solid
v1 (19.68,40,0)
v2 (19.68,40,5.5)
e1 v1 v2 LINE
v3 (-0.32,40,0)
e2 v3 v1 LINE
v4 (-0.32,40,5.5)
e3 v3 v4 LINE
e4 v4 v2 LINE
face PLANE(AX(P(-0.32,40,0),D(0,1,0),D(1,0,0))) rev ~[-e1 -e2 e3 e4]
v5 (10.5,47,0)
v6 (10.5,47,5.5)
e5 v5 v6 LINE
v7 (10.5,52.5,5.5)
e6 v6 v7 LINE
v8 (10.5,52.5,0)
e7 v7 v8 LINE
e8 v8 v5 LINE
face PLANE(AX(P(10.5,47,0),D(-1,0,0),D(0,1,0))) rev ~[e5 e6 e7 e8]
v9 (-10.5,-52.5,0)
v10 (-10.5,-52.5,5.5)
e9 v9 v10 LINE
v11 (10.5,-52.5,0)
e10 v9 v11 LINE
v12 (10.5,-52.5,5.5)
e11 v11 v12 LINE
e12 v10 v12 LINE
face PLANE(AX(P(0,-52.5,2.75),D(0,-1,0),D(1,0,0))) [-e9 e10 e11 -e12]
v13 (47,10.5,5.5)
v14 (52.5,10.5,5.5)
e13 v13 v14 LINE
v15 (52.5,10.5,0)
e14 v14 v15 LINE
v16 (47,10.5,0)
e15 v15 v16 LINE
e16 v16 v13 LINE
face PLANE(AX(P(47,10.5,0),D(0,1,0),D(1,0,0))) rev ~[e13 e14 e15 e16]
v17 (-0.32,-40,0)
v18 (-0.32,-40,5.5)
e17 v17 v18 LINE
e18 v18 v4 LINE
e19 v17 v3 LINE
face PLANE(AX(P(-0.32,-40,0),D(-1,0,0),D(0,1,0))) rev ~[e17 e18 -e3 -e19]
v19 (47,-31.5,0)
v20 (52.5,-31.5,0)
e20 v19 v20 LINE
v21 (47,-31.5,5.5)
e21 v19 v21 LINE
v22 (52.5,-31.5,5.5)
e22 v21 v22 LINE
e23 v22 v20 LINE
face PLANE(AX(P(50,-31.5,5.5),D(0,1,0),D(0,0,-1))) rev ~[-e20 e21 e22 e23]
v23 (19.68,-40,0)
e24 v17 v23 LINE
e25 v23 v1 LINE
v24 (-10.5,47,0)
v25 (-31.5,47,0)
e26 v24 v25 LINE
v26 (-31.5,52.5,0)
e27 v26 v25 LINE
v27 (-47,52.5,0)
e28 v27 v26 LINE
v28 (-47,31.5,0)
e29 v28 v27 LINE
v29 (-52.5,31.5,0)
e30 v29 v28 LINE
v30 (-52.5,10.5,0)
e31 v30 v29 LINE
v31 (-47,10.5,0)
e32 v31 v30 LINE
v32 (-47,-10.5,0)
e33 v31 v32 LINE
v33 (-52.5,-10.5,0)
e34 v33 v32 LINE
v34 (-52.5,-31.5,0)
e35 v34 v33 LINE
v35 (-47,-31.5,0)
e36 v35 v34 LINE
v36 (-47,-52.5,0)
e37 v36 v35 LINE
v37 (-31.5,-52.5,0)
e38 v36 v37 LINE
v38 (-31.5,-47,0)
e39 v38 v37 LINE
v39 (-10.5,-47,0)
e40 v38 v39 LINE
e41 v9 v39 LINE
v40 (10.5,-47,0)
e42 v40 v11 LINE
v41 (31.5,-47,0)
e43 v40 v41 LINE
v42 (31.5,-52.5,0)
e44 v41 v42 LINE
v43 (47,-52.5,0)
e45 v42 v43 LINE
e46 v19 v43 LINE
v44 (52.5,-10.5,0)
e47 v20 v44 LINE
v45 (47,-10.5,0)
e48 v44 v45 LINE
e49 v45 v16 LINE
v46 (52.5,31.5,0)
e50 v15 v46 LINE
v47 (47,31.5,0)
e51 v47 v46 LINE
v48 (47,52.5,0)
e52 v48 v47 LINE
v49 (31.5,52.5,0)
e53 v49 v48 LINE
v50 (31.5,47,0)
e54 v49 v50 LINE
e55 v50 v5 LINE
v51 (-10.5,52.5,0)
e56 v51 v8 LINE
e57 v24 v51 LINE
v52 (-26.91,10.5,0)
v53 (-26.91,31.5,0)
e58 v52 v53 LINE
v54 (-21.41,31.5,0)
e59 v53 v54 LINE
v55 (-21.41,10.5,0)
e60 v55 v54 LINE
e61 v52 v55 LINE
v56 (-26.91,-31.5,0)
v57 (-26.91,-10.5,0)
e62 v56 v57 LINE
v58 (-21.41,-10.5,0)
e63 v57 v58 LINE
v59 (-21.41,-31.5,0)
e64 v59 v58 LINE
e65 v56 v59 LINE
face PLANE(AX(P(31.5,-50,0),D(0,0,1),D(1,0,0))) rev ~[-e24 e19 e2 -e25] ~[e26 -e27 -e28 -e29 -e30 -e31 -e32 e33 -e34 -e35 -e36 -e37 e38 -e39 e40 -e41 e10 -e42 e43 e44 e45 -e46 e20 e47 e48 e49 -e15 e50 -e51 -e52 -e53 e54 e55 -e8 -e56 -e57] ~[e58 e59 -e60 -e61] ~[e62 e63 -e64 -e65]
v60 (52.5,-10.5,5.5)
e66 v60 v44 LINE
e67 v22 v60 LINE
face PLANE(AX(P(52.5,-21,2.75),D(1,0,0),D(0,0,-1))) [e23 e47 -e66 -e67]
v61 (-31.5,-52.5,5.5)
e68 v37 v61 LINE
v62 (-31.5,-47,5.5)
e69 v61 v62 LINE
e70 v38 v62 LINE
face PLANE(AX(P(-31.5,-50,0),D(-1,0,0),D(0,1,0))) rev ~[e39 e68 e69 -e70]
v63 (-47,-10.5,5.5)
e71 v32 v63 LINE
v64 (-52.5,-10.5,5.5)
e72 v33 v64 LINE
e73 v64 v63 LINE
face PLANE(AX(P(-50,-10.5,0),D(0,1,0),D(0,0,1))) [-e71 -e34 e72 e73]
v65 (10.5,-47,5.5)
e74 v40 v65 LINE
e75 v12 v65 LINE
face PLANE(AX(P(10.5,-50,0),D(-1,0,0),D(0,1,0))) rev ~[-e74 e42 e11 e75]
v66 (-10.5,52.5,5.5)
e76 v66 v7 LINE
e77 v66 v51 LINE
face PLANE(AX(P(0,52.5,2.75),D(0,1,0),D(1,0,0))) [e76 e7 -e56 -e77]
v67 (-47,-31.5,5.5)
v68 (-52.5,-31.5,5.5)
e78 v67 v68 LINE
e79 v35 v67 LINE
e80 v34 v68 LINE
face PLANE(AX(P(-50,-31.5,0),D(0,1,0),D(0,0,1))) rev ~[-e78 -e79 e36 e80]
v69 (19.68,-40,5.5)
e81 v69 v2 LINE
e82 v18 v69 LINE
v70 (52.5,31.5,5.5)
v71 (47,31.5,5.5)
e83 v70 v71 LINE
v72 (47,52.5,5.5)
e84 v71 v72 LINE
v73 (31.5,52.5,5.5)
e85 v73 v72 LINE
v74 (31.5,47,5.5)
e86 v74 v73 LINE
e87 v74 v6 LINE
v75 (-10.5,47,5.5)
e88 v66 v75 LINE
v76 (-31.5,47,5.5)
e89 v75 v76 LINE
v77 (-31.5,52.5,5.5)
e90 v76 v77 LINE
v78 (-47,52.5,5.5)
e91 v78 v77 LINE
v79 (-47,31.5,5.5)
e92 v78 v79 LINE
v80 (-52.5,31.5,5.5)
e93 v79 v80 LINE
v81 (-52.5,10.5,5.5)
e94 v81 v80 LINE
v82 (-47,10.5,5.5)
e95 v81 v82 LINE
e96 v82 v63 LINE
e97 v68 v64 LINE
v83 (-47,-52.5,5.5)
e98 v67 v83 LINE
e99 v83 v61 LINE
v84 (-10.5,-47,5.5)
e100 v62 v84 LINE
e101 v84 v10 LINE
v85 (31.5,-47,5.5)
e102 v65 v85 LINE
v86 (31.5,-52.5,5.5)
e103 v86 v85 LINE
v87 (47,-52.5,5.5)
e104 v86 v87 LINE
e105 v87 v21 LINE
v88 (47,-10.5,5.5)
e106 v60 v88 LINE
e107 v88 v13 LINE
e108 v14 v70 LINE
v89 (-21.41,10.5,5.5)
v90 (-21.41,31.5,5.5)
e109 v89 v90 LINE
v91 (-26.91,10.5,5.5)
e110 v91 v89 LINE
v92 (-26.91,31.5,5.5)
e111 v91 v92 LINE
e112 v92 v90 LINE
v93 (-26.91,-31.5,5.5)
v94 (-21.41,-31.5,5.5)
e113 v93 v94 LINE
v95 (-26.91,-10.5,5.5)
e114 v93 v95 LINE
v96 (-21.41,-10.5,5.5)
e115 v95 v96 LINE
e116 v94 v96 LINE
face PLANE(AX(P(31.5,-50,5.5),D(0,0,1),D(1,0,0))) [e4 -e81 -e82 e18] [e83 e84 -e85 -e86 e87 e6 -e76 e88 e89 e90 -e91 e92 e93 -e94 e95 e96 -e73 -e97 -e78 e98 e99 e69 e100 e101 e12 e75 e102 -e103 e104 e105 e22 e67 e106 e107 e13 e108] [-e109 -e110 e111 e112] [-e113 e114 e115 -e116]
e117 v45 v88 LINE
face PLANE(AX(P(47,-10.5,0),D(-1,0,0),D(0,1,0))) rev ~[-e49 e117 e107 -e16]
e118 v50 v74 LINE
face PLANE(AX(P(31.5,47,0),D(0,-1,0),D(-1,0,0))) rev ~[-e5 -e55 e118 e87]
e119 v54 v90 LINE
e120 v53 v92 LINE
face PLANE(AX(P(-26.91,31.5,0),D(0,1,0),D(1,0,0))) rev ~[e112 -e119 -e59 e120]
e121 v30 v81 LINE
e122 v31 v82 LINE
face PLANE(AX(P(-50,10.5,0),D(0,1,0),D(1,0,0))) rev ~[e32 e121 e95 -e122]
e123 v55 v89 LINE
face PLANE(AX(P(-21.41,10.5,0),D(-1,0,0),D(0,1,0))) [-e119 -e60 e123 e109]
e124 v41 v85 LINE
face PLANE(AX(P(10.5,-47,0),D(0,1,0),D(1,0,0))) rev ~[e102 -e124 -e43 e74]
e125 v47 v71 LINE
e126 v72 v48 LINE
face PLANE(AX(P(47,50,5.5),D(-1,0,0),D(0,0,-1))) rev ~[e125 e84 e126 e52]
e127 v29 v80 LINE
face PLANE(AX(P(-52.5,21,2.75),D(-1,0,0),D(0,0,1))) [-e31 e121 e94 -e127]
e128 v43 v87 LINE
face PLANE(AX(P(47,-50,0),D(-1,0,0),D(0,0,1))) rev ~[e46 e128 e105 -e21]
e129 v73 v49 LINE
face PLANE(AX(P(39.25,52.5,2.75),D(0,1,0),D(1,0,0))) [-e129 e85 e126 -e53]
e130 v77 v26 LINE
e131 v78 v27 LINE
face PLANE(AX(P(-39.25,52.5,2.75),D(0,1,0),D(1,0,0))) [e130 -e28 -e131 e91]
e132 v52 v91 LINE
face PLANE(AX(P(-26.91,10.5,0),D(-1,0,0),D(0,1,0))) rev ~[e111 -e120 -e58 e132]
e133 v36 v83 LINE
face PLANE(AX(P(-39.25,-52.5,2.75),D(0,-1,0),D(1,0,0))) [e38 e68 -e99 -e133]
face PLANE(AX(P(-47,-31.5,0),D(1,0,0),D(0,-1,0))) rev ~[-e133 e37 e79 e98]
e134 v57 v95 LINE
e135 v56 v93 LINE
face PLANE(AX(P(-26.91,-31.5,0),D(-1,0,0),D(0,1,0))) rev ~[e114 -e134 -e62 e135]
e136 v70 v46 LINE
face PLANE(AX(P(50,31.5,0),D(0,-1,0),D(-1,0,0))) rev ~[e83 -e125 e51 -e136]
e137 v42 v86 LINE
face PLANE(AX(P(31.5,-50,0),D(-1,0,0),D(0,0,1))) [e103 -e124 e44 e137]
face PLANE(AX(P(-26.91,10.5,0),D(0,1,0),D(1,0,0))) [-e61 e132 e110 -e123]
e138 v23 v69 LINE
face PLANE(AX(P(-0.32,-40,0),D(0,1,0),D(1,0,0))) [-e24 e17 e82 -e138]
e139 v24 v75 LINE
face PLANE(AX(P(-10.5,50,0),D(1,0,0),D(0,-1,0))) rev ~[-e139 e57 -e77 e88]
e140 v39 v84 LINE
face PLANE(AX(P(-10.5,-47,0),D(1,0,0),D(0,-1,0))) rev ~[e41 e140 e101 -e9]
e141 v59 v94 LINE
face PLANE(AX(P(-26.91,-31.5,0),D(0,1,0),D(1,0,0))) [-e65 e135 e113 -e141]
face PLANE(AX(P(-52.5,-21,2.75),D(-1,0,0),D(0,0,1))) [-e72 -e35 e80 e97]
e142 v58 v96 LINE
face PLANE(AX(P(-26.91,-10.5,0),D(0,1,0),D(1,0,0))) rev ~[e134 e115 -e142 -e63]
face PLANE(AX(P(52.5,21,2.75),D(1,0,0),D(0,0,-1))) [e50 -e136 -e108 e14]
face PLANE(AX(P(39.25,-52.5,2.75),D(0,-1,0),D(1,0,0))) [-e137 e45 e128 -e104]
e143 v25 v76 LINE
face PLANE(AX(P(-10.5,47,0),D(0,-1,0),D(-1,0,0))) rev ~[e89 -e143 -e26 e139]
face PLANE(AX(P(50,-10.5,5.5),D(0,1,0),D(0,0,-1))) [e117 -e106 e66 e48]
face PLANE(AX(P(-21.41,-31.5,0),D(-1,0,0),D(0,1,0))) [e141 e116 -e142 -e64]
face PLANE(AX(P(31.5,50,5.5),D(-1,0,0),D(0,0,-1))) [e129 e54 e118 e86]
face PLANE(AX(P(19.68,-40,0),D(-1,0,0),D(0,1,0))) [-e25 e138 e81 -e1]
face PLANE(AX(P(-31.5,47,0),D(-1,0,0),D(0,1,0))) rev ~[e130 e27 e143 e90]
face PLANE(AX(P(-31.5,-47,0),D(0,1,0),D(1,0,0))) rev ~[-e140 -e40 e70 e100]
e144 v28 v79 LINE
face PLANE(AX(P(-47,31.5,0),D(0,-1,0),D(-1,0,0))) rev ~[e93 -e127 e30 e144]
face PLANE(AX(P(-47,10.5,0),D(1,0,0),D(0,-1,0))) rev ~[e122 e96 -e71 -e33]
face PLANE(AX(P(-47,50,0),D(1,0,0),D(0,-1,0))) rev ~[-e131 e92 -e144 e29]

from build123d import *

# Parameters (mm, degrees)
CROQUIS2_W              = 20
CROQUIS2_H              = 80
CROQUIS2_W_2            = 5.5
CROQUIS2_H_2            = 21
SALIENTE_EXTRUIR1_DEPTH = 5.5
CROQUIS3_W              = 5.5
CROQUIS3_H              = 21
SALIENTE_EXTRUIR2_DEPTH = 2.5
CROQUIS4_W              = 15.5
CROQUIS4_H              = 5.5
CROQUIS4_W_2            = 21
SALIENTE_EXTRUIR3_DEPTH = 2.5
CROQUIS5_W              = 5.5
CROQUIS5_H              = 21
SALIENTE_EXTRUIR4_DEPTH = 2.5
CROQUIS6_W              = 15.5
CROQUIS6_H              = 5.5
CROQUIS6_W_2            = 21
SALIENTE_EXTRUIR5_DEPTH = 2.5


with BuildPart() as part:
    # Croquis2 → Saliente-Extruir1 (new body)
    with BuildSketch(Plane.XY):
        Polygon((-47, 50), (-47, 31.5), (-50, 31.5), (-50, 10.5), (-47, 10.5), (-47, -10.5), (-50, -10.5), (-50, -31.5), (-47, -31.5), (-47, -50), (-31.5, -50), (-31.5, -47), (-10.5, -47), (-10.5, -50), (10.5, -50), (10.5, -47), (31.5, -47), (31.5, -50), (47, -50), (47, -31.5), (50, -31.5), (50, -10.5), (47, -10.5), (47, 10.5), (50, 10.5), (50, 31.5), (47, 31.5), (47, 50), (31.5, 50), (31.5, 47), (10.5, 47), (10.5, 50), (-10.5, 50), (-10.5, 47), (-31.5, 47), (-31.5, 50), align=None)
        with Locations((9.68, 0)):
            Rectangle(CROQUIS2_W, CROQUIS2_H, mode=Mode.SUBTRACT)
        with Locations((-24.16, 21)):
            Rectangle(CROQUIS2_W_2, CROQUIS2_H_2, mode=Mode.SUBTRACT)
        with Locations((-24.16, -21)):
            Rectangle(CROQUIS2_W_2, CROQUIS2_H_2, mode=Mode.SUBTRACT)
    extrude(amount=SALIENTE_EXTRUIR1_DEPTH)

    # Croquis3 → Saliente-Extruir2 (add)
    with BuildSketch(Plane.ZY.offset(50)):
        with Locations((2.75, -21)):
            Rectangle(CROQUIS3_W, CROQUIS3_H)
        with Locations((2.75, 21)):
            Rectangle(CROQUIS3_W, CROQUIS3_H)
    extrude(amount=SALIENTE_EXTRUIR2_DEPTH)

    # Croquis4 → Saliente-Extruir3 (add)
    with BuildSketch(Plane(origin=(0, 50, 0), x_dir=(1, 0, 0), z_dir=(0, 1, 0))):
        with Locations((39.25, -2.75)):
            Rectangle(CROQUIS4_W, CROQUIS4_H)
        with Locations((0, -2.75)):
            Rectangle(CROQUIS4_W_2, CROQUIS4_H)
        with Locations((-39.25, -2.75)):
            Rectangle(CROQUIS4_W, CROQUIS4_H)
    extrude(amount=SALIENTE_EXTRUIR3_DEPTH)

    # Croquis5 → Saliente-Extruir4 (add)
    with BuildSketch(Plane(origin=(50, 0, 0), x_dir=(0, 0, -1), z_dir=(1, 0, 0))):
        with Locations((-2.75, -21)):
            Rectangle(CROQUIS5_W, CROQUIS5_H)
        with Locations((-2.75, 21)):
            Rectangle(CROQUIS5_W, CROQUIS5_H)
    extrude(amount=SALIENTE_EXTRUIR4_DEPTH)

    # Croquis6 → Saliente-Extruir5 (add)
    with BuildSketch(Plane.XZ.offset(50)):
        with Locations((39.25, 2.75)):
            Rectangle(CROQUIS6_W, CROQUIS6_H)
        with Locations((0, 2.75)):
            Rectangle(CROQUIS6_W_2, CROQUIS6_H)
        with Locations((-39.25, 2.75)):
            Rectangle(CROQUIS6_W, CROQUIS6_H)
    extrude(amount=SALIENTE_EXTRUIR5_DEPTH)


solid = part.part
